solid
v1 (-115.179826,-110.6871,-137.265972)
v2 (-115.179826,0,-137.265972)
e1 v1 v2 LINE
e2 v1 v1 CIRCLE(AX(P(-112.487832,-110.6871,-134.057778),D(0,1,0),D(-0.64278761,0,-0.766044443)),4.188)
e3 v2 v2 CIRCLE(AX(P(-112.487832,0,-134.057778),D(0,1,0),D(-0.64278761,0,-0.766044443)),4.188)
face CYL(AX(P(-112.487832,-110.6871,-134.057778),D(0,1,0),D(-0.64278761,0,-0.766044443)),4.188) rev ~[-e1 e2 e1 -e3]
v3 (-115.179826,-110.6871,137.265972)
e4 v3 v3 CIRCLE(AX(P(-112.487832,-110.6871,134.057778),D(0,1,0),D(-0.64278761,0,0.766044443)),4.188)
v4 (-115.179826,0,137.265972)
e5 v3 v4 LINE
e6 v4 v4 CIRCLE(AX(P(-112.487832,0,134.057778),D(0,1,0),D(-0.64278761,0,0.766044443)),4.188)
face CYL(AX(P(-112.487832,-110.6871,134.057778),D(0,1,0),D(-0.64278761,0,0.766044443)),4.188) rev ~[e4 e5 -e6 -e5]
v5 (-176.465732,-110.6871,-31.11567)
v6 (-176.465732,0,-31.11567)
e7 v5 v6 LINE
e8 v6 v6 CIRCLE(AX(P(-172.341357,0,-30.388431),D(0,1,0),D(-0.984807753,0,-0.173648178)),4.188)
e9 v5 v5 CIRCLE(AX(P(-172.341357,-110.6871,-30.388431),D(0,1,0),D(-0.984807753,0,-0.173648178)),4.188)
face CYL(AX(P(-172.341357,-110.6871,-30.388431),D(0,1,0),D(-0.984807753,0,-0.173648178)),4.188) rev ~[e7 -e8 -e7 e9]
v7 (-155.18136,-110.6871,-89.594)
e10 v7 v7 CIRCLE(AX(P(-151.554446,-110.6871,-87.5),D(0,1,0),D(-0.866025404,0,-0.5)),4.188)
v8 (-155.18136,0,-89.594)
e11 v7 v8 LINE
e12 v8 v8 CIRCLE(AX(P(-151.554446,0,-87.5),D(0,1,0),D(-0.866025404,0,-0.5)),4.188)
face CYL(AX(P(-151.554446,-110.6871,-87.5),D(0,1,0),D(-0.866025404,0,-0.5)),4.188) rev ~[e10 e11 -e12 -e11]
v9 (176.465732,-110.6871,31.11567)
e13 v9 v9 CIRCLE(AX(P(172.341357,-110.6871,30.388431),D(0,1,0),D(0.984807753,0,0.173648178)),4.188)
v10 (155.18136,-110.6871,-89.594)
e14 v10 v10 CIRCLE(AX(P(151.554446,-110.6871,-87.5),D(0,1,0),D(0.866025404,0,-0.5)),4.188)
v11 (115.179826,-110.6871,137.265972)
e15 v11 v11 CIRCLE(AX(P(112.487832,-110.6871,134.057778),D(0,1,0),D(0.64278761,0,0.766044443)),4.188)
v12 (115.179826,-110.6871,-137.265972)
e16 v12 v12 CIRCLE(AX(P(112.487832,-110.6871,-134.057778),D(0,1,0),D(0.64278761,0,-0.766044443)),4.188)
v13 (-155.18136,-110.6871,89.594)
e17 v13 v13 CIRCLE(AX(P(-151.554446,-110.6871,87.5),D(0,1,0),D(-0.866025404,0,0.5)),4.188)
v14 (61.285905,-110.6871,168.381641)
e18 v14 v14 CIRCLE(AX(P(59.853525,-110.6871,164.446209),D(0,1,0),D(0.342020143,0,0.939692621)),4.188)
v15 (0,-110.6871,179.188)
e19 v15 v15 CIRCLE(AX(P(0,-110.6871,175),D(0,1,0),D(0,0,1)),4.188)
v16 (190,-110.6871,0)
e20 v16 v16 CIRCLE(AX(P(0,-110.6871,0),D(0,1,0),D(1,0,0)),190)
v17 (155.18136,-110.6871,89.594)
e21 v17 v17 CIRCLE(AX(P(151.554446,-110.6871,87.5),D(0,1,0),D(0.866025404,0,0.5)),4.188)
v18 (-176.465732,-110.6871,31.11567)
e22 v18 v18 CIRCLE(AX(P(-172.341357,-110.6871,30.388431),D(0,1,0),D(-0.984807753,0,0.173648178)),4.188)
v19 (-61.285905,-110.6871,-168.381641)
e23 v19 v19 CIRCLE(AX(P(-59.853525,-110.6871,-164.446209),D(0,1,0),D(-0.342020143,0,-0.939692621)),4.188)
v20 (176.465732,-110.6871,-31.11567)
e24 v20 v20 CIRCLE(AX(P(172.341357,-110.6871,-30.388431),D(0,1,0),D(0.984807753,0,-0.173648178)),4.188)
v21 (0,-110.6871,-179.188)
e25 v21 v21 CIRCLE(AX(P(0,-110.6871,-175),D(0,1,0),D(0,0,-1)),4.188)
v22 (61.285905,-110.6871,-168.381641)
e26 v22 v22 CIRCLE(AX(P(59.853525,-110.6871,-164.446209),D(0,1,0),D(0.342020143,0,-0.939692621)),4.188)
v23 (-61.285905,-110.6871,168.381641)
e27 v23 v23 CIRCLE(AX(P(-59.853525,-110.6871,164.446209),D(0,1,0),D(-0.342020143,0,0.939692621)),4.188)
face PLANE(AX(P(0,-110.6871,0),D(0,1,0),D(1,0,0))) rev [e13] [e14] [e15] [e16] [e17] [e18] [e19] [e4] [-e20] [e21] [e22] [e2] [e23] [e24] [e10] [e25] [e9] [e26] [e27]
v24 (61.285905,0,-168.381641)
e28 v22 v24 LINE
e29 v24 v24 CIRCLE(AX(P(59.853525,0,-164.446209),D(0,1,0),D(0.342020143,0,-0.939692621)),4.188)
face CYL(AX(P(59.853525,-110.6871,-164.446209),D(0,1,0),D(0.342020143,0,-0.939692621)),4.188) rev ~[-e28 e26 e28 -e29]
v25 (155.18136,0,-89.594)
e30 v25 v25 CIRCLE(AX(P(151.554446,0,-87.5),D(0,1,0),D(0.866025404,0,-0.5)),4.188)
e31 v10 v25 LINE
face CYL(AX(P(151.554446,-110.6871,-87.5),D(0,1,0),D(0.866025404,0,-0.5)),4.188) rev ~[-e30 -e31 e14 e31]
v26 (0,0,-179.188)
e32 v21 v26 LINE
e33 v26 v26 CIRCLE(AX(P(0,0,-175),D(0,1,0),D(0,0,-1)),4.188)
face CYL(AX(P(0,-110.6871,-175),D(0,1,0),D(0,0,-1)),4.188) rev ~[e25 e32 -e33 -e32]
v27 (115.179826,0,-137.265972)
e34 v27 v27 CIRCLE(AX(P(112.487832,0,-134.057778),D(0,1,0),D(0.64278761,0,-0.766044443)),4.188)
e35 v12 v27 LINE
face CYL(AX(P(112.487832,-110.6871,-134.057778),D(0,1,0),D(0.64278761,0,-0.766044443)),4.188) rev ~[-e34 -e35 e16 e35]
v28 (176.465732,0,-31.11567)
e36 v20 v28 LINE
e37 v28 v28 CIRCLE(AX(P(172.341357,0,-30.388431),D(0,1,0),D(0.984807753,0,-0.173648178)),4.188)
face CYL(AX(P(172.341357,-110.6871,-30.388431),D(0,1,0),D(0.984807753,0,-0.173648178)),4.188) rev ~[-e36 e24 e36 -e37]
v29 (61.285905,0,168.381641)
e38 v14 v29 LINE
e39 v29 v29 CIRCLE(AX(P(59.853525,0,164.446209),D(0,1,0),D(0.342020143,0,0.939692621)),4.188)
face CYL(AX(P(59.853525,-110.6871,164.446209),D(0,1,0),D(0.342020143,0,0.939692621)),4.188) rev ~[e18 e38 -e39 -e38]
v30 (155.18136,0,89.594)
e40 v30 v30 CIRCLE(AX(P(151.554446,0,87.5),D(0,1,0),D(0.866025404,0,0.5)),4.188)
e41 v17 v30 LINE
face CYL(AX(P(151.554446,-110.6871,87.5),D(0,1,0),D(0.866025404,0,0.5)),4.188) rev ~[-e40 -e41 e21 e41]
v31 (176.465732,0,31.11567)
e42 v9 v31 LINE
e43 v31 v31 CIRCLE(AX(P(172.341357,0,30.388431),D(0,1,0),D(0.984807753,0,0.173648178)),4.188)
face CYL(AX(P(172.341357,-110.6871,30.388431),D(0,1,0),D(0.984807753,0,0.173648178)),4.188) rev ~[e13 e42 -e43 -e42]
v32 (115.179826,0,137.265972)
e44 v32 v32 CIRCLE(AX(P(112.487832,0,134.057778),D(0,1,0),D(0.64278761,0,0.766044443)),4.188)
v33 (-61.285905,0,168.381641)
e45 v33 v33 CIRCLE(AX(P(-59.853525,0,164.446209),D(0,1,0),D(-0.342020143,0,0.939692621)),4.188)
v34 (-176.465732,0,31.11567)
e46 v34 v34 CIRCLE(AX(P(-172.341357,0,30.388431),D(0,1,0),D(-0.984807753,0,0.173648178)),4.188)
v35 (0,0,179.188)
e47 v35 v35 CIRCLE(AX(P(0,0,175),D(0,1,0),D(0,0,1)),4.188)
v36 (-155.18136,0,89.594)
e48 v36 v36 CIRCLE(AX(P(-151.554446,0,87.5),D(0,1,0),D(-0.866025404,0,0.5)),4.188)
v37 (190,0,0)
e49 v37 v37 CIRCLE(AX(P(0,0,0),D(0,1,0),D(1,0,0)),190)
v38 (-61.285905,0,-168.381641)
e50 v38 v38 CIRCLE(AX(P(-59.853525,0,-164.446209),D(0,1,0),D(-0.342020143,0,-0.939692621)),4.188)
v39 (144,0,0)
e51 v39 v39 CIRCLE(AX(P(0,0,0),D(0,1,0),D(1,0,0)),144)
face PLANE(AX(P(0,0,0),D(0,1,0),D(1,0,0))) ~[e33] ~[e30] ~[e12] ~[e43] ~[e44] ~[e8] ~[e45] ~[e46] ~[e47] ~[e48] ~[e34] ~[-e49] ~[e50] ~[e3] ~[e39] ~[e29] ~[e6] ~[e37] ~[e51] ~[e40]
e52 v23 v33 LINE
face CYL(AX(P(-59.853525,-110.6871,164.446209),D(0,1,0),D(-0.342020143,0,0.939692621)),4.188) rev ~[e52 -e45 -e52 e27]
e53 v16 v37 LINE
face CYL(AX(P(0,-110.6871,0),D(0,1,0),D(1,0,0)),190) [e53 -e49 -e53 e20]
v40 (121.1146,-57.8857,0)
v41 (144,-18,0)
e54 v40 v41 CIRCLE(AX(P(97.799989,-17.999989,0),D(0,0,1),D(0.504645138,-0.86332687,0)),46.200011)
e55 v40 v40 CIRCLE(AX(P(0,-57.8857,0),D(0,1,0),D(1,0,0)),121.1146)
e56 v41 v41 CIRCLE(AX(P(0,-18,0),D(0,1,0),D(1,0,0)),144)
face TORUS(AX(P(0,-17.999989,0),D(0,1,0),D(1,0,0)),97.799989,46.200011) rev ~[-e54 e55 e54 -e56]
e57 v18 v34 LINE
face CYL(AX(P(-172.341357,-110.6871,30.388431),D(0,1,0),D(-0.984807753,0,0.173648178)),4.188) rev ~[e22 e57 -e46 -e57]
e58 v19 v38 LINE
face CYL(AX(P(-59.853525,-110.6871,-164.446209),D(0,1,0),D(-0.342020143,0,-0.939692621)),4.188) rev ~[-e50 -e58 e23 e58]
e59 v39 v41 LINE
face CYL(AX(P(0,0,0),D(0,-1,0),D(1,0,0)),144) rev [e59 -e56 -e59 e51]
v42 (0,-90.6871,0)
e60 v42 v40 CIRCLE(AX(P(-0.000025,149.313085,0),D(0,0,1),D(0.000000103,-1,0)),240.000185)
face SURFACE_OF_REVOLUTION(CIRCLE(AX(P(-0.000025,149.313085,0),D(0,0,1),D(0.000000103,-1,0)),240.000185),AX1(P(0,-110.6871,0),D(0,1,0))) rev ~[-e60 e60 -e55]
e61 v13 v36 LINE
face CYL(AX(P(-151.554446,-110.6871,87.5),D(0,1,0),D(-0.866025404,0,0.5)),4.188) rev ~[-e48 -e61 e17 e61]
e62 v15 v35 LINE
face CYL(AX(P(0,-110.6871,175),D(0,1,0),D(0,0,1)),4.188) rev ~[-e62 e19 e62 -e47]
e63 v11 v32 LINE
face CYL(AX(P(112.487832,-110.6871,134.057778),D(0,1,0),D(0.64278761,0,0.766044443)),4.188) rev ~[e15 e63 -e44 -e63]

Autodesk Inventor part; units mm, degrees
ref_plane "YZ Plane" through (0, 0, 0) normal (1, 0, 0) x (0, 1, 0)
ref_plane "XY Plane" through (0, 0, 0) normal (0, 0, 1) x (1, 0, 0)
sketch "Sketch1" plane through (0, 0, 0) normal (0, 0, 1) x (1, 0, 0)
  line L0 (0, -110.6871) -> (0, 217.0976)
  line L1 (144, 0) -> (144, -18)
  arc A0 (121.1146, -57.8857) -> (144, -18) centre (97.8, -18) ccw
  arc A1 (0, -90.6871) -> (121.1146, -57.8857) centre (0, 149.3129) ccw
  line L2 (144, 0) -> (190, 0)
  line L3 (144, -18) -> (97.8, -18) construction
  line L4 (121.1146, -57.8857) -> (97.8, -18) construction
  line L5 (0, -90.6871) -> (0, -110.6871) construction
  line L6 (0, -110.6871) -> (190, -110.6871)
  line L7 (190, -110.6871) -> (190, 0)
  line L8 (0, -90.6871) -> (0, -110.6871)
  line L9 (144, 0) -> (190, 0)
  point P0 (0, 0)
  dimension "d0" = 288
  dimension "d19" = 380
  dimension "d20" = 20
  dimension "d22" = 18
  dimension "d23" = 46.2
  dimension "d24" = 240
  dimension "d26" = 46
revolve "Revolution1" add sketch "Sketch1" angle 360 about axis through (0, -110.6871, 0) along (0, 1, 0)
ref_plane "Work Plane1" through (0, -100, 0) normal (0, 1, 0) x (-1, 0, 0)
sketch "Sketch2" plane through (0, -110.6871, 0) normal (0, -1, 0) x (1, 0, 0)
  circle A0 centre (0, 0) radius 190 construction
  point P0 (0, 0)
  point P1 (0, -175)
  point P2 (0, 0)
  dimension "d8" = 175
hole "Hole1" at (0, -110.6871, -175) direction (0, 1, 0) diameter 8.376 end through all thread size "M10x1.5" class "6H" standard "ISO Metric profile"
pattern_circular "Circular Pattern1" count 18 over 360 about axis through (0, -9, 0) along (0, 1, 0) of "Hole1"
properties part number "Korbbogenboden"
